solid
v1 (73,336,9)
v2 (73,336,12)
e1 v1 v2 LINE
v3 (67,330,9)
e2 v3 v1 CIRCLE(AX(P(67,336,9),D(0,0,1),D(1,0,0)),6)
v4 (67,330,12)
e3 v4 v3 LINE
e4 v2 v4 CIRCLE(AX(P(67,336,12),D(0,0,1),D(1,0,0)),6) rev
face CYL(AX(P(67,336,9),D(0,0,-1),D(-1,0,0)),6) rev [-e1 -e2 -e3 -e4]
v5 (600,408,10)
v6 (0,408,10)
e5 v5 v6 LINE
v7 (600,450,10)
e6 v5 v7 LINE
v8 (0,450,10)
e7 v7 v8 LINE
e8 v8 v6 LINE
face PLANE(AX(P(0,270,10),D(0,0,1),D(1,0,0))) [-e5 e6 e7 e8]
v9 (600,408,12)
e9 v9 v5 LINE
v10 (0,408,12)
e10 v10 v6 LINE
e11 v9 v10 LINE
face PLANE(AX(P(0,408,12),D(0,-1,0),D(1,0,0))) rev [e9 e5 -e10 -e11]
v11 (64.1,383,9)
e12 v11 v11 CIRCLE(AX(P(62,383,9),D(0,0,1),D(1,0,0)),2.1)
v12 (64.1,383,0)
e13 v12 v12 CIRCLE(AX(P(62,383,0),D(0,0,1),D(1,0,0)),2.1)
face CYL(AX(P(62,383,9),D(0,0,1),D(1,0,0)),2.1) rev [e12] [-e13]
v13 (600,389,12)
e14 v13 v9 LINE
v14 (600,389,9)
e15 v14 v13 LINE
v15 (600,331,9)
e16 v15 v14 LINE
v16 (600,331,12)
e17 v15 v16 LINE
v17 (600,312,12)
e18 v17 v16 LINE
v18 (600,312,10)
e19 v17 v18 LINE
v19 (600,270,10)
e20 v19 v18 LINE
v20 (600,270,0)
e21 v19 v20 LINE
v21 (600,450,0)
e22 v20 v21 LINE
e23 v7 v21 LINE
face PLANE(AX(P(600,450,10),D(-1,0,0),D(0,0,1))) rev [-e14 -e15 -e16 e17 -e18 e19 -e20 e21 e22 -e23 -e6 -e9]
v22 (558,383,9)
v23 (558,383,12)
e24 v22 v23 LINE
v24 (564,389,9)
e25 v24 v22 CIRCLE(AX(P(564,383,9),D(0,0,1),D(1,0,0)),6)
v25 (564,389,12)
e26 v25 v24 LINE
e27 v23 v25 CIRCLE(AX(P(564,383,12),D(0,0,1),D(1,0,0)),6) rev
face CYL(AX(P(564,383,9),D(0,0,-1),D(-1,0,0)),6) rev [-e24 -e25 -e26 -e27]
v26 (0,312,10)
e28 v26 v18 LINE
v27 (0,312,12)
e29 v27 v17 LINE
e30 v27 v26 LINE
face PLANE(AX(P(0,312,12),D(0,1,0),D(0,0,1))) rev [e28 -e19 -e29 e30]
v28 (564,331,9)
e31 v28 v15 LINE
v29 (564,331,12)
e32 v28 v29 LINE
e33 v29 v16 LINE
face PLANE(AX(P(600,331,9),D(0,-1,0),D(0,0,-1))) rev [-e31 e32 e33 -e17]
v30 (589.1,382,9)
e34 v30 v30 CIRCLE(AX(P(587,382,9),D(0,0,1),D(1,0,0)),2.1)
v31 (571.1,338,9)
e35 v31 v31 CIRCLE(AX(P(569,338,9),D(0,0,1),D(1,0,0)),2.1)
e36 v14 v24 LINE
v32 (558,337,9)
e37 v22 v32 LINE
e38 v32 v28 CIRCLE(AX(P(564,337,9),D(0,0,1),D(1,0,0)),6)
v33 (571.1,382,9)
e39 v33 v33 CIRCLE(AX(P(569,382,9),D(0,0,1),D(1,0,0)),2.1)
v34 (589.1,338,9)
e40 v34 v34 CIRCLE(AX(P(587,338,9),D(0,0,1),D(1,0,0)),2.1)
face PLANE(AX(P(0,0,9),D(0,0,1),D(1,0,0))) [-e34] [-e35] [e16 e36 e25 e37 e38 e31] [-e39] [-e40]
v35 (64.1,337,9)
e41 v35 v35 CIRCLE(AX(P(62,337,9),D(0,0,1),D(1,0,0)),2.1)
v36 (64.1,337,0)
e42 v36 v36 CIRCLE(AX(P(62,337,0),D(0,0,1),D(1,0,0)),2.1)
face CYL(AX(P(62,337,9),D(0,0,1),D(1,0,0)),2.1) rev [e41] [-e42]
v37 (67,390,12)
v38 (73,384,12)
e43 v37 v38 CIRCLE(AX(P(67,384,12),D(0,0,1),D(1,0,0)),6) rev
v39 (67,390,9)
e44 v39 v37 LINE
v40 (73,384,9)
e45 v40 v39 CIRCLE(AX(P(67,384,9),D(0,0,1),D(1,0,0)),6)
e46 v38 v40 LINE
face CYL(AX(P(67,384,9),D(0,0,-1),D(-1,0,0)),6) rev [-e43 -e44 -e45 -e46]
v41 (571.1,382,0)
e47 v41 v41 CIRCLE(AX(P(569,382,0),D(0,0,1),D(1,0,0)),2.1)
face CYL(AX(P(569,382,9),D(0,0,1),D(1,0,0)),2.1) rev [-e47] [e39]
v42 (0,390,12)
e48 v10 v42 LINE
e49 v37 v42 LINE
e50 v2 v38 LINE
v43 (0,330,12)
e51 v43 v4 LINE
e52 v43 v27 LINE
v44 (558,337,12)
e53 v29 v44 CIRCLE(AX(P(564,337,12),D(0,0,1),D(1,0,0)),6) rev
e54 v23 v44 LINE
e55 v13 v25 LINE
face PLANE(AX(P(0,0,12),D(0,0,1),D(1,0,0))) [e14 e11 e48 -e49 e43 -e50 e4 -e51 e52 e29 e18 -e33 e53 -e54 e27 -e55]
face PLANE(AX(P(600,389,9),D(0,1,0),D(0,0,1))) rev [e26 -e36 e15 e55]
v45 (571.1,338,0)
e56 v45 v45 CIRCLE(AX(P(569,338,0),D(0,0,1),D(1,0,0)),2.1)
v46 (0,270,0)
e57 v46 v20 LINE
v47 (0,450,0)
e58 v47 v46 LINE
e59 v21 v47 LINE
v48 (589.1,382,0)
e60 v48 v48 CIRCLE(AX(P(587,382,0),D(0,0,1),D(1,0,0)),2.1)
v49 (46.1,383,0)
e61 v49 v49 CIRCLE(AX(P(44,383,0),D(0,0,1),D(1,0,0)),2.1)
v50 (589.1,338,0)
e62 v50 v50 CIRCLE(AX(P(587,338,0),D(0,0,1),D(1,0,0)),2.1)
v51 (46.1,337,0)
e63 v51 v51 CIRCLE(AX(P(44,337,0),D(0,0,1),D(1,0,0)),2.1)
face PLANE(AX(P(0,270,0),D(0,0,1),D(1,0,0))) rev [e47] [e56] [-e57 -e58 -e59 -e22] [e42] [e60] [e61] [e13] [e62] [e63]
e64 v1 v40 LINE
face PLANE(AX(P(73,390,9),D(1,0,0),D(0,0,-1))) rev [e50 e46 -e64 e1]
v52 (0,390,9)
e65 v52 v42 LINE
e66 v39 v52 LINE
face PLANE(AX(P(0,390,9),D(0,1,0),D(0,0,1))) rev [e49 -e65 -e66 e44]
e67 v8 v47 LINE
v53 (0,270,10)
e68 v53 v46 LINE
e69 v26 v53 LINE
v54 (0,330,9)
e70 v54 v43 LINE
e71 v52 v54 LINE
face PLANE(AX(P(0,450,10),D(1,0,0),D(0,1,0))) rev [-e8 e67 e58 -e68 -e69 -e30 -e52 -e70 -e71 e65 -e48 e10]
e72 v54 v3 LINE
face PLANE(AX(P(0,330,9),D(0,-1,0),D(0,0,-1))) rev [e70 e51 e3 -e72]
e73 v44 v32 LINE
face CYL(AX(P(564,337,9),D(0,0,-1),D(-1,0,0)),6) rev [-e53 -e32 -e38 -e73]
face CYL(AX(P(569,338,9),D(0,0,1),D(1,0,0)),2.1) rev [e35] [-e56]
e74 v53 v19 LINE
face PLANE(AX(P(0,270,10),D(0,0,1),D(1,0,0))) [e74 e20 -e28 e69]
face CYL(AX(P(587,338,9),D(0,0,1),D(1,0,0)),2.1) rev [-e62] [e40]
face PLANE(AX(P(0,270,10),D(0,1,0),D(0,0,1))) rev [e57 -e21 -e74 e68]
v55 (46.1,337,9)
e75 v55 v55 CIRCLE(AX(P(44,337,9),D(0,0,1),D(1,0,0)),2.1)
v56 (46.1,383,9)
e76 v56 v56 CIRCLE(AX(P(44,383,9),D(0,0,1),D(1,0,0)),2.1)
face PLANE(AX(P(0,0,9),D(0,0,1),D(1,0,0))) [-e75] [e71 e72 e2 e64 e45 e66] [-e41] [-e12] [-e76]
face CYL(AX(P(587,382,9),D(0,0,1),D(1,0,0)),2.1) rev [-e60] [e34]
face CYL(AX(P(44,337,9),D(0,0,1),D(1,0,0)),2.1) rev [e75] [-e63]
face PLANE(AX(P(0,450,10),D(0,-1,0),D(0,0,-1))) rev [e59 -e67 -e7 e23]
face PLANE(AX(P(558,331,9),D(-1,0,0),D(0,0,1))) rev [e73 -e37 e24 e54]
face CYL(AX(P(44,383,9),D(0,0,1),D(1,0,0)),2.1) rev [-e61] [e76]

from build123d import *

# Parameters (mm, degrees)
SZKIC1_W                       = 600
SZKIC1_H                       = 180
DODANIE_WYCI_GNI_CIE1_DEPTH    = 10
SZKIC2_W                       = 600
SZKIC2_H                       = 96
DODANIE_WYCI_GNI_CIE2_DEPTH    = 2
SZKIC3_W                       = 42
SZKIC3_H                       = 58
SZKIC3_W_2                     = 73
SZKIC3_H_2                     = 60
WYTNIJ_WYCI_GNI_CIE1_DEPTH     = 3
ZAOKR_GLENIE1_R                = 6
OTW_R_GWINTOWANY_M5X0_82_D     = 4.2
OTW_R_GWINTOWANY_M5X0_83_D     = 4.2
OTW_R_GWINTOWANY_M5X0_83_DEPTH = 17
OTW_R_GWINTOWANY_M5X0_83_TIP   = 1.2618073


with BuildPart() as part:
    # Szkic1 → Dodanie-wyciągnięcie1 (new body)
    with BuildSketch(Plane.XY):
        with Locations((300, 360)):
            Rectangle(SZKIC1_W, SZKIC1_H)
    extrude(amount=DODANIE_WYCI_GNI_CIE1_DEPTH)

    # Szkic2 → Dodanie-wyciągnięcie2 (add)
    with BuildSketch(Plane.XY.offset(10)):
        with Locations((300, 360)):
            Rectangle(SZKIC2_W, SZKIC2_H)
    extrude(amount=DODANIE_WYCI_GNI_CIE2_DEPTH)

    # Szkic3 → Wytnij-wyciągnięcie1 (cut)
    with BuildSketch(Plane.XY.offset(12)):
        with Locations((579, 360)):
            Rectangle(SZKIC3_W, SZKIC3_H)
        with Locations((36.5, 360)):
            Rectangle(SZKIC3_W_2, SZKIC3_H_2)
    extrude(amount=-WYTNIJ_WYCI_GNI_CIE1_DEPTH, mode=Mode.SUBTRACT)

    # Zaokrąglenie1
    zaokr_glenie1_edges = [part.edges().sort_by_distance(p)[0] for p in [
        (73, 390, 10.5),
        (73, 330, 10.5),
        (558, 331, 10.5),
        (558, 389, 10.5),
    ]]
    fillet(zaokr_glenie1_edges, radius=ZAOKR_GLENIE1_R)

    # Otwór gwintowany M5x0.82 (through all)
    with Locations(Plane.XY.offset(9)):
        with Locations((62, 383), (44, 383), (62, 337), (44, 337)):
            Hole(OTW_R_GWINTOWANY_M5X0_82_D / 2)

    # Otwór gwintowany M5x0.83
    with Locations(Plane.XY.offset(9)):
        with Locations((587, 382), (569, 382), (569, 338), (587, 338)):
            Hole(OTW_R_GWINTOWANY_M5X0_83_D / 2, depth=OTW_R_GWINTOWANY_M5X0_83_DEPTH)
            with Locations((0, 0, -(OTW_R_GWINTOWANY_M5X0_83_DEPTH + OTW_R_GWINTOWANY_M5X0_83_TIP / 2))):  # 118° drill point
                Cone(0, OTW_R_GWINTOWANY_M5X0_83_D / 2, OTW_R_GWINTOWANY_M5X0_83_TIP, mode=Mode.SUBTRACT)


solid = part.part
